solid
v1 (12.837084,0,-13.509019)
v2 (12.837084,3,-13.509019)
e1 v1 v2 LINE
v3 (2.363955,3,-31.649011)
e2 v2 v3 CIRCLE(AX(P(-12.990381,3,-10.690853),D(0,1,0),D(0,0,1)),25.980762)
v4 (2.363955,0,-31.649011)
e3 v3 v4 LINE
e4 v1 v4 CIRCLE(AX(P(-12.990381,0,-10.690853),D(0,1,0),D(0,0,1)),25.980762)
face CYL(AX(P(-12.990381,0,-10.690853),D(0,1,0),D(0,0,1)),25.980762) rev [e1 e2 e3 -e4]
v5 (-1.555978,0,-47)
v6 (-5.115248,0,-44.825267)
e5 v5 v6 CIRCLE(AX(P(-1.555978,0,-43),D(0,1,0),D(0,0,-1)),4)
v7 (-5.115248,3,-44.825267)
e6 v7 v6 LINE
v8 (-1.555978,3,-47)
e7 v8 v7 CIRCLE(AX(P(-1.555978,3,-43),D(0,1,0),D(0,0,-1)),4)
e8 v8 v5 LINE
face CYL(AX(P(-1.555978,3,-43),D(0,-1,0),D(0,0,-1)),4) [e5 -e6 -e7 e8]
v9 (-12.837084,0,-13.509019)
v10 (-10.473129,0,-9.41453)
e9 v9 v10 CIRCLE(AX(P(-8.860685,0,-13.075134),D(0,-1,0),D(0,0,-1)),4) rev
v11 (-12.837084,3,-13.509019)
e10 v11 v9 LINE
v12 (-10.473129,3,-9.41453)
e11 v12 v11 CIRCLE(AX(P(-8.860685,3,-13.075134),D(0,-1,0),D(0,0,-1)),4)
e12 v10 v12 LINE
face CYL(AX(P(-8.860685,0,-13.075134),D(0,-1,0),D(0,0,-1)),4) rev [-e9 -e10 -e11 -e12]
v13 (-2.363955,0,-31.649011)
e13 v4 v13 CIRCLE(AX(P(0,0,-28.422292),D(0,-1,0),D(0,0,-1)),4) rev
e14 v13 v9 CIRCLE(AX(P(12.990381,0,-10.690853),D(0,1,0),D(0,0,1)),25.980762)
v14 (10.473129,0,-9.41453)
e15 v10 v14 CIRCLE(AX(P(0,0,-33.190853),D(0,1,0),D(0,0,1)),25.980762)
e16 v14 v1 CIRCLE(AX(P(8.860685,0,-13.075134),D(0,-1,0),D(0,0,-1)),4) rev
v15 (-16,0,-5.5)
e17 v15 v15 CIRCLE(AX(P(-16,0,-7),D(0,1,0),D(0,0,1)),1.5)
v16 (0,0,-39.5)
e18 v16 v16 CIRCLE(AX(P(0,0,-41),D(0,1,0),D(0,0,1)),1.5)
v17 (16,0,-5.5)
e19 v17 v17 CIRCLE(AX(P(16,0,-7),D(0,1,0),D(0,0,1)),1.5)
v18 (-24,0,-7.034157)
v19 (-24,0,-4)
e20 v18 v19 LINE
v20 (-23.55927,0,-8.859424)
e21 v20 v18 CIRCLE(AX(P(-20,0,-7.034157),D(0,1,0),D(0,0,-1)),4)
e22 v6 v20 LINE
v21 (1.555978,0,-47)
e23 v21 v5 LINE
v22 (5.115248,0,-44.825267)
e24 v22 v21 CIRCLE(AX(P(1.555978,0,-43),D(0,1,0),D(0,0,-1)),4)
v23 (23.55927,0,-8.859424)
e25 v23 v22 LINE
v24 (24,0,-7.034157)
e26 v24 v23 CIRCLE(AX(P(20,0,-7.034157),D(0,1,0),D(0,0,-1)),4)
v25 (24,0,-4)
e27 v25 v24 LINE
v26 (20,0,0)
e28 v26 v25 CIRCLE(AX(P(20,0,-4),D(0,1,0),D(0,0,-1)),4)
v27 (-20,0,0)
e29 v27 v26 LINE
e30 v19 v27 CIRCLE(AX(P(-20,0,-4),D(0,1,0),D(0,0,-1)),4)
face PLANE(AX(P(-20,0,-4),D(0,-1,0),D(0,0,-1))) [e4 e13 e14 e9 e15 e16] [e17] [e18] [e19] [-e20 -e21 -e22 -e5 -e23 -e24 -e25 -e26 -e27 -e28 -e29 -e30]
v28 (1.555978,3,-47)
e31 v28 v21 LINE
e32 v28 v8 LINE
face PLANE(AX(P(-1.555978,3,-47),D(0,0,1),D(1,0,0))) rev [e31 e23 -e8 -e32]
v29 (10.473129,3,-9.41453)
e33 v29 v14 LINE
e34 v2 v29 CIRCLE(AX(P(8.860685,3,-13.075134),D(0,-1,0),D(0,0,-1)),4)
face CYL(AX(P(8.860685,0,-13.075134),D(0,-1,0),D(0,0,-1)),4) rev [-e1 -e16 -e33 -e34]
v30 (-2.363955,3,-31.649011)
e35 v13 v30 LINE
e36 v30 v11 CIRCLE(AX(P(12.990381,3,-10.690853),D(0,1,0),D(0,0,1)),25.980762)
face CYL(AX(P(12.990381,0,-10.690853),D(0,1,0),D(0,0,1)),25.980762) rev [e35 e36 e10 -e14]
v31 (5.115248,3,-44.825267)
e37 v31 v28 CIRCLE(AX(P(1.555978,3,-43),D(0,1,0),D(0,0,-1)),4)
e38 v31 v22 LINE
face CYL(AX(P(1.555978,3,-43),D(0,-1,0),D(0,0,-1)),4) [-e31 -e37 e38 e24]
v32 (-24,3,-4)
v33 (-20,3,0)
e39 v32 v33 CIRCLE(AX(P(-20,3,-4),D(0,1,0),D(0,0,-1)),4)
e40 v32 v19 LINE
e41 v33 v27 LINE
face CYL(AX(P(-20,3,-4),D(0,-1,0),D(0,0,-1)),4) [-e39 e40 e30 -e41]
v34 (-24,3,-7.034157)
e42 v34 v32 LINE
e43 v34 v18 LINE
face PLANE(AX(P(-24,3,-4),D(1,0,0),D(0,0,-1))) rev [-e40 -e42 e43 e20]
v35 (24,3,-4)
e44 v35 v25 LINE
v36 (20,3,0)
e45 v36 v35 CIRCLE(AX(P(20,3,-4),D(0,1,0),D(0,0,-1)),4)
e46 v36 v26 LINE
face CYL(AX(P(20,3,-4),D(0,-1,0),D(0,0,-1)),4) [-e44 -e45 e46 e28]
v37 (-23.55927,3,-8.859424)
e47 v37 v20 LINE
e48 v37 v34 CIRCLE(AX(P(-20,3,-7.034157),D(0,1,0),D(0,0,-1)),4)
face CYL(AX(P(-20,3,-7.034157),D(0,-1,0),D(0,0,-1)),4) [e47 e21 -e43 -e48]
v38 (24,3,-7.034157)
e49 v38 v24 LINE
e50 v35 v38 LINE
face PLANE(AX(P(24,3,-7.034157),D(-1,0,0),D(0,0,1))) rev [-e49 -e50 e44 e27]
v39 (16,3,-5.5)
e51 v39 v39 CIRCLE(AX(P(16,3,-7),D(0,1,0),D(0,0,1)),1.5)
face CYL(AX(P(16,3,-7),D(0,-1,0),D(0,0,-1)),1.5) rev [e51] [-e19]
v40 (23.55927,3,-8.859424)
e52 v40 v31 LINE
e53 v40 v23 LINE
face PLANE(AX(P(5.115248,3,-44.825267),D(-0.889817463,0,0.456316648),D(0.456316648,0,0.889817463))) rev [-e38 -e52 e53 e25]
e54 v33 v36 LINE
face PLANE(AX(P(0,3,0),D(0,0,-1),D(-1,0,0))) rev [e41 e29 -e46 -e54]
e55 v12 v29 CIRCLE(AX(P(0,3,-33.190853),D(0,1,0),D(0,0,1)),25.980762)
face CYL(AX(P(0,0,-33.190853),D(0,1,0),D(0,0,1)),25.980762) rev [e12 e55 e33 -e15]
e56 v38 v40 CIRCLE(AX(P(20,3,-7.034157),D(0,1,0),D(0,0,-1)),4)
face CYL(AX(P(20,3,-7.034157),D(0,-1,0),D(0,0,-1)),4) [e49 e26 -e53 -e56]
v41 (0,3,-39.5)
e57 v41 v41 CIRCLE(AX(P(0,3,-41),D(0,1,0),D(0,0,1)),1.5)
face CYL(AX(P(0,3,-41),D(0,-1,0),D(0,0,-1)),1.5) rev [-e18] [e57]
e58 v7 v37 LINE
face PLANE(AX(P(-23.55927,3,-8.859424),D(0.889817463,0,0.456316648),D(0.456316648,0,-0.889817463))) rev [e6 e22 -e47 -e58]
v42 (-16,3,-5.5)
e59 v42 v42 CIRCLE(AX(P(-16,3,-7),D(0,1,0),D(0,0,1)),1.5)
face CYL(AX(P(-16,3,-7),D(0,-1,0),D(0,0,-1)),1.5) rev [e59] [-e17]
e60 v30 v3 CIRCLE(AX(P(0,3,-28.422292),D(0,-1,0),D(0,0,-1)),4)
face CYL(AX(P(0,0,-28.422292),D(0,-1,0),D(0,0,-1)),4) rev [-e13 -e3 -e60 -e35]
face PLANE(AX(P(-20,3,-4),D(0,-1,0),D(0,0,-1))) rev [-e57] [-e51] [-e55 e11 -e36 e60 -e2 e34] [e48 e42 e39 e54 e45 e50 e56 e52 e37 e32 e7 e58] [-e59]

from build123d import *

# Parameters (mm, degrees)
SKETCH1_R           = 1.5
BOSS_EXTRUDE1_DEPTH = 3
CUT_EXTRUDE1_DEPTH  = 3
FILLET1_R           = 4


with BuildPart() as part:
    # Sketch1 → Boss-Extrude1 (new body)
    with BuildSketch(Plane(origin=(0, 0, 0), x_dir=(1, 0, 0), z_dir=(0, 1, 0))):
        with BuildLine():
            Line((0, 0), (-20, 0))
            ThreePointArc((-20, 0), (-22.828427125, 1.171572875), (-24, 4))
            Line((-24, 4), (-24, 7.0341572))
            ThreePointArc((-24, 7.0341572), (-23.888256641, 7.97301837), (-23.559269851, 8.85942379))
            Line((-23.559269851, 8.85942379), (-5.115247902, 44.82526659))
            ThreePointArc((-5.115247902, 44.82526659), (-3.641515588, 46.413287738), (-1.555978051, 47))
            Line((-1.555978051, 47), (1.555978051, 47))
            ThreePointArc((1.555978051, 47), (3.641515588, 46.413287738), (5.115247902, 44.82526659))
            Line((5.115247902, 44.82526659), (23.559269851, 8.85942379))
            ThreePointArc((23.559269851, 8.85942379), (23.888256641, 7.97301837), (24, 7.0341572))
            Line((24, 7.0341572), (24, 4))
            ThreePointArc((24, 4), (22.828427125, 1.171572875), (20, 0))
            Line((20, 0), (0, 0))
        make_face()
        with Locations((-16, 7)):
            Circle(SKETCH1_R, mode=Mode.SUBTRACT)
        with Locations((0, 41)):
            Circle(SKETCH1_R, mode=Mode.SUBTRACT)
        with Locations((16, 7)):
            Circle(SKETCH1_R, mode=Mode.SUBTRACT)
    extrude(amount=BOSS_EXTRUDE1_DEPTH)

    # Sketch2 → Cut-Extrude1 (cut)
    with BuildSketch(Plane(origin=(0, 3, 0), x_dir=(1, 0, 0), z_dir=(0, 1, 0))):
        with BuildLine():
            ThreePointArc((-12.990381057, 10.690853285), (0, 7.210091171), (12.990381057, 10.690853285))
            ThreePointArc((12.990381057, 10.690853285), (9.509618943, 23.681234342), (0, 33.190853285))
            ThreePointArc((0, 33.190853285), (-9.509618943, 23.681234342), (-12.990381057, 10.690853285))
        make_face()
    extrude(amount=-CUT_EXTRUDE1_DEPTH, mode=Mode.SUBTRACT)

    # Fillet1
    fillet1_edges = [part.edges().sort_by_distance(p)[0] for p in [
        (-12.990381057, 1.5, -10.690853285),
        (0, 1.5, -33.190853285),
        (12.990381057, 1.5, -10.690853285),
    ]]
    fillet(fillet1_edges, radius=FILLET1_R)


solid = part.part
